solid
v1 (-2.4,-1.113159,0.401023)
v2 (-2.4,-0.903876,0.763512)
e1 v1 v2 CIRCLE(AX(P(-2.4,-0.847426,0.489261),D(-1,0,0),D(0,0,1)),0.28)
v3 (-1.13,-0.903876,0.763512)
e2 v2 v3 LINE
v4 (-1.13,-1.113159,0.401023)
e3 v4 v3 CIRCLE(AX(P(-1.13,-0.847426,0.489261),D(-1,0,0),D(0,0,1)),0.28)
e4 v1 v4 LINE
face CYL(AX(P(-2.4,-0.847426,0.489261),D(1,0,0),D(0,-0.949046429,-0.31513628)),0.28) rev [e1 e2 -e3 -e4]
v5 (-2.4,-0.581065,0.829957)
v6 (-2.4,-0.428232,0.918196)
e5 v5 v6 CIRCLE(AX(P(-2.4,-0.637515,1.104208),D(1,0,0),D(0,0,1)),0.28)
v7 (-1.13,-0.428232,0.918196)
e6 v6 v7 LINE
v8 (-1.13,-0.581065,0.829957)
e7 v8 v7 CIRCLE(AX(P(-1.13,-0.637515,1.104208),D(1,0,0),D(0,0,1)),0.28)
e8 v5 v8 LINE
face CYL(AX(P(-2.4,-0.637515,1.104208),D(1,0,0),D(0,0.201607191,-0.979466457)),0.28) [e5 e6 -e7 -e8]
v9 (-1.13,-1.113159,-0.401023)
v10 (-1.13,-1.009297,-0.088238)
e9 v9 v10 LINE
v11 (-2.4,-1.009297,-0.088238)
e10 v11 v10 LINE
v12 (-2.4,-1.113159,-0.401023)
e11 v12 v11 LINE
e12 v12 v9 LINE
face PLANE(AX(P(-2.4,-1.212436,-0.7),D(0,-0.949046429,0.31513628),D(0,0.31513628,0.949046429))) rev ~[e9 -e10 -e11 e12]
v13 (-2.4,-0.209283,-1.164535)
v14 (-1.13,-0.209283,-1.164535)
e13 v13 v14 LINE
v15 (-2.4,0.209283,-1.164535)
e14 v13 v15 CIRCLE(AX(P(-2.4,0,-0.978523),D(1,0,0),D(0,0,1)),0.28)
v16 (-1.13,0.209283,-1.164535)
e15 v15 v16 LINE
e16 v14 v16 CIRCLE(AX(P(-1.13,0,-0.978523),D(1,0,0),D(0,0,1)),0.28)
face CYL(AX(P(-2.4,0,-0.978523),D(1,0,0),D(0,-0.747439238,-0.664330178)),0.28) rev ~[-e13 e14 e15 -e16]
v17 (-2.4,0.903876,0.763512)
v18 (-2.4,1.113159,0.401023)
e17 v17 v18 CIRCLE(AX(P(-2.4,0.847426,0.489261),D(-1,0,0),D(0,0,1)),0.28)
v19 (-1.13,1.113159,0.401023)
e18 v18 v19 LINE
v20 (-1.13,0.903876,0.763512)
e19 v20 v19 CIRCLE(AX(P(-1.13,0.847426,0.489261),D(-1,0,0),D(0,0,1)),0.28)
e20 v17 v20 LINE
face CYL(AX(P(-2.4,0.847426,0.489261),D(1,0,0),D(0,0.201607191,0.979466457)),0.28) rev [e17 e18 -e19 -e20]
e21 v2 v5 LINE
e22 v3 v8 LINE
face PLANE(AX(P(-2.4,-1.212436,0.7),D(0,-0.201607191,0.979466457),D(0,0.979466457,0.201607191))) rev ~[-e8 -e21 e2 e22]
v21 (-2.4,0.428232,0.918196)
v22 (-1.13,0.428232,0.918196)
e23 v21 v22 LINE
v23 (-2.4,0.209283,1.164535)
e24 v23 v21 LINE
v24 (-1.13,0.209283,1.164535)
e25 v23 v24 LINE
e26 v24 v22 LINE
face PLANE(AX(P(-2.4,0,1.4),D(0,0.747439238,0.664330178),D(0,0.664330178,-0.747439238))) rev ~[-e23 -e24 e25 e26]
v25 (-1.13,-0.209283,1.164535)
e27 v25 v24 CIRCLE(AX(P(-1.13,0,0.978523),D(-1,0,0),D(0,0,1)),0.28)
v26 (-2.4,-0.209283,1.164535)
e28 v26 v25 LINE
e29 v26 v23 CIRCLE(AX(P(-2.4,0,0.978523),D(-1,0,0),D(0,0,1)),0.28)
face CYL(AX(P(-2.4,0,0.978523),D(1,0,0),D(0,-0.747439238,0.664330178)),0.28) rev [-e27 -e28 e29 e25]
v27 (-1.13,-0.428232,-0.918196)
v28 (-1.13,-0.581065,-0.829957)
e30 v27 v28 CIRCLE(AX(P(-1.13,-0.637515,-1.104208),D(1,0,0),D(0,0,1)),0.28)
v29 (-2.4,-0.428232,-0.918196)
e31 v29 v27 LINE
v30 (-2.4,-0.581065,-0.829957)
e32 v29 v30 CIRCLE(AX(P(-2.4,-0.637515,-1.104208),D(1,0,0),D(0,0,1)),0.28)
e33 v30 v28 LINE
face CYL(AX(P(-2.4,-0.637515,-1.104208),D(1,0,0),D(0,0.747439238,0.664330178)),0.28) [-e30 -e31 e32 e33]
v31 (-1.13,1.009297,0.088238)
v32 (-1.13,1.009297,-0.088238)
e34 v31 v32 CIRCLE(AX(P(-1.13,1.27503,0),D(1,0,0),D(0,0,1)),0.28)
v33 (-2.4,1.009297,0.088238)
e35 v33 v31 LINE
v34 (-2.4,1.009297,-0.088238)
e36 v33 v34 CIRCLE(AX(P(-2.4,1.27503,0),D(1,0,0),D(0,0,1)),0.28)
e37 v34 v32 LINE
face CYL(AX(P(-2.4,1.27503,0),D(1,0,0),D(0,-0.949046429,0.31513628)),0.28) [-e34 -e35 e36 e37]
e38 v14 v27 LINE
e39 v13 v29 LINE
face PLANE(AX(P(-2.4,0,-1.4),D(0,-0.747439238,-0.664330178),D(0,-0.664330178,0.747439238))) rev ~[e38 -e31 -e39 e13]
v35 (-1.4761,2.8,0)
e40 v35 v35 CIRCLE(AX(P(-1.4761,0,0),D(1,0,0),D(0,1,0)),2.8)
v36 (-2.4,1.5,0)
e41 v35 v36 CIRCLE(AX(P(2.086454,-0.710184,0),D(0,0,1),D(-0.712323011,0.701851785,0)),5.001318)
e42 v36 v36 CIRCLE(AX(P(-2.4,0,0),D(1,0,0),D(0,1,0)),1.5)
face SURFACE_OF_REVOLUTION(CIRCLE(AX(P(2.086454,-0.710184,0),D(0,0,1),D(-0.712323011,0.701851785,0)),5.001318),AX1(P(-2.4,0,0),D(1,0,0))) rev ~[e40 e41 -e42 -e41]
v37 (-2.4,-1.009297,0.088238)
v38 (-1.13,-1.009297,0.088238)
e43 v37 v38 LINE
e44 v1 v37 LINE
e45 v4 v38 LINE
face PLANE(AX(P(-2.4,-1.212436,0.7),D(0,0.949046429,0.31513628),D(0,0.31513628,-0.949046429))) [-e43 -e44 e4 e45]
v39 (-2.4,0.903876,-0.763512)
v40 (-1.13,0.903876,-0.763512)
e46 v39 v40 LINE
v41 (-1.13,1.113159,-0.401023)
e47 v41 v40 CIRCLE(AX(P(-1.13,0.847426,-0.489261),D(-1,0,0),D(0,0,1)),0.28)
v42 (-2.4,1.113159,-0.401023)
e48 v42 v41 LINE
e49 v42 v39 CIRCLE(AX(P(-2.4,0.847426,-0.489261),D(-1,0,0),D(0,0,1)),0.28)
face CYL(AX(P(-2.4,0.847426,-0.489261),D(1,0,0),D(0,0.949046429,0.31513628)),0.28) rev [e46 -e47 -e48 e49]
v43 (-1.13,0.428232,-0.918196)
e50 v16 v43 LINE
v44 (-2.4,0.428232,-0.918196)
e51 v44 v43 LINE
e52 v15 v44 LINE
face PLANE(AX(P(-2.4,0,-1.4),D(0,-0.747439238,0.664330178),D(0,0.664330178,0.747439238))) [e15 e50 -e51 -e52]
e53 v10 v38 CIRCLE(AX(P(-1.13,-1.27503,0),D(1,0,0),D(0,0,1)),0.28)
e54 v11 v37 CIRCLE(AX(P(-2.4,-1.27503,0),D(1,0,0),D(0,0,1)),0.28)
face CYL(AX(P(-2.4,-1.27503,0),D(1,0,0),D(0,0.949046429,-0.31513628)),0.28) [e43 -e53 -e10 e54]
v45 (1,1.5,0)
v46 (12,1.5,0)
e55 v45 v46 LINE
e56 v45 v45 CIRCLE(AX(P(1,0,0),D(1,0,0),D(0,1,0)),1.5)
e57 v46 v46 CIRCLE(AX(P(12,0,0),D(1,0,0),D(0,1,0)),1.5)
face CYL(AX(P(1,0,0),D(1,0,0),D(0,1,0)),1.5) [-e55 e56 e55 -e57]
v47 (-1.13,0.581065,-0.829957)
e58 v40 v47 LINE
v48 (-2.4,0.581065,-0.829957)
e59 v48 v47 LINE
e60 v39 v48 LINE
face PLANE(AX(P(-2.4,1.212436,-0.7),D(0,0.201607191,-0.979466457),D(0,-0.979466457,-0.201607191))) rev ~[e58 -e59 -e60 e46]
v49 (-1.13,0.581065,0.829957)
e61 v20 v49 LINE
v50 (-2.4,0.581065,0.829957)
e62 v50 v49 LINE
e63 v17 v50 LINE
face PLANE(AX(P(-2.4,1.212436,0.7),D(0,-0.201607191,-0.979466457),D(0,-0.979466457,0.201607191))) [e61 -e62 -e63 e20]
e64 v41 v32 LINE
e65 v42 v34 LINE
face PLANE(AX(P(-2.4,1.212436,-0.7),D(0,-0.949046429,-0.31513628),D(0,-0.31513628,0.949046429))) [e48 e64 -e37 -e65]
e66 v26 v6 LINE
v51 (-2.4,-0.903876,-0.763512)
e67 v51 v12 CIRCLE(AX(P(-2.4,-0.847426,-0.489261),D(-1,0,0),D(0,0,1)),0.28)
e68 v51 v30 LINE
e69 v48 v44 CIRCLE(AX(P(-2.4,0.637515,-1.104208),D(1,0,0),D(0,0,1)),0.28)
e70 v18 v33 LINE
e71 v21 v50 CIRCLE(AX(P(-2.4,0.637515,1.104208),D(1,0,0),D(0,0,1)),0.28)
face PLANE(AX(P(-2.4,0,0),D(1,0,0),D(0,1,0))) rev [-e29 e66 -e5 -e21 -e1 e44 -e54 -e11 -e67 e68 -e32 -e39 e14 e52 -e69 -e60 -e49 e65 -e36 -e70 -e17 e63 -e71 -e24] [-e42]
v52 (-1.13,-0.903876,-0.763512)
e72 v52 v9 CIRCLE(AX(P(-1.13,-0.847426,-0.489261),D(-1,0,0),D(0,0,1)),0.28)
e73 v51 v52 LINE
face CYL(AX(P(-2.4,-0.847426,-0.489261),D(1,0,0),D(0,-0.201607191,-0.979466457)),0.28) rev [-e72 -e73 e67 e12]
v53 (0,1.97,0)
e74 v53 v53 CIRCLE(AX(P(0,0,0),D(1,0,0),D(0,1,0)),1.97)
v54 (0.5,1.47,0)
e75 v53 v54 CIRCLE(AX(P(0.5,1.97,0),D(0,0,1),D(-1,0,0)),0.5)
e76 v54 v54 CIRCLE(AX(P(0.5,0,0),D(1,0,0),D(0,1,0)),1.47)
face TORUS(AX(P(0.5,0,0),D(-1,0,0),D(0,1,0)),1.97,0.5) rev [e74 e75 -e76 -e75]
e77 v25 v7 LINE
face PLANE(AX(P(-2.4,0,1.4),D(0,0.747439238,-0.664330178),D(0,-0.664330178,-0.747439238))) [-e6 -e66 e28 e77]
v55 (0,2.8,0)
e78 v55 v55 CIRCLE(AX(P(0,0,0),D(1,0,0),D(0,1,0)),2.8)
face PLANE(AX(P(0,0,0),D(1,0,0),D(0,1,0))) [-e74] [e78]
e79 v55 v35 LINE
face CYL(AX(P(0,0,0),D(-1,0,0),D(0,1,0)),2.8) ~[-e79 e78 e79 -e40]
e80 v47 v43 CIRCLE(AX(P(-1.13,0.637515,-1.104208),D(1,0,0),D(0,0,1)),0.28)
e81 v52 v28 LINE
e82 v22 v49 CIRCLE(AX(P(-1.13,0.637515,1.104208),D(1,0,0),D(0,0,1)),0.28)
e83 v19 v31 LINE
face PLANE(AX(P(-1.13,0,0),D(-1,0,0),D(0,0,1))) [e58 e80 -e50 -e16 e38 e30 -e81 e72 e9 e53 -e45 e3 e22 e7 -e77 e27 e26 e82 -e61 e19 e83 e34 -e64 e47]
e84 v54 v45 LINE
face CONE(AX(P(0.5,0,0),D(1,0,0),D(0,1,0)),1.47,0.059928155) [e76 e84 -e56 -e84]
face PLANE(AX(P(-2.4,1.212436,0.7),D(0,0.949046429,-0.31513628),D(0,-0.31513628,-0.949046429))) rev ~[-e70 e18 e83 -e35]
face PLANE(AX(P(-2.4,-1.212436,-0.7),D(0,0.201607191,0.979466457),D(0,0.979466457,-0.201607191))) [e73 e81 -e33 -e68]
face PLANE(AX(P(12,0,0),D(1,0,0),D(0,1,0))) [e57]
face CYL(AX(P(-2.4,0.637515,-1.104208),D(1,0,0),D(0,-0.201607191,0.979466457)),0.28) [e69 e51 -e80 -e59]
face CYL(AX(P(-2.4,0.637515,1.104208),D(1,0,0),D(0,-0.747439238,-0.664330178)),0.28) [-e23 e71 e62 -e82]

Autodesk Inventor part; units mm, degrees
ref_plane "YZ Plane" through (0, 0, 0) normal (1, 0, 0) x (0, 1, 0)
ref_plane "XZ Plane" through (0, 0, 0) normal (0, 1, 0) x (-1, 0, 0)
ref_plane "XY Plane" through (0, 0, 0) normal (0, 0, 1) x (1, 0, 0)
sketch "Sketch4" plane through (0, 0, 0) normal (0, 0, 1) x (1, 0, 0)
  line L0 (-2.4, 0) -> (12, 0)
  line L1 (0, 0) -> (-2.4, 0)
  line L2 (0, 2.8) -> (0, 1.97)
  line L3 (0.5, 1.47) -> (0.5, 1.47)
  line L4 (0.5, 1.47) -> (1, 1.5)
  arc A0 (0, 1.97) -> (0.5, 1.47) centre (0.5, 1.97) ccw
  line L5 (-2.4, 0) -> (-2.4, 1.5)
  line L6 (0, 2.8) -> (-1.4761, 2.8)
  arc A1 (-1.4761, 2.8) -> (-2.4, 1.5) centre (2.0854, -0.7093) ccw
  line L7 (1, 1.5) -> (12, 1.5)
  line L8 (12, 1.5) -> (12, 0)
  point P0 (0, 1.47)
  dimension "d71" = 0.5
  dimension "d72" = 12
  dimension "d74" = 0.5
  dimension "d75" = 2.94
  dimension "d78" = 3
  dimension "d82" = 5
  dimension "d83" = 2.4
  dimension "d84" = 5.6
  dimension "d104" = 11
  dimension "d105" = 3
revolve "Revolution7" add sketch "Sketch4" angle 360 about axis through (-2.4, 0, 0) along (1, 0, 0)
sketch "Sketch5" plane through (-2.4, 0, 0) normal (-1, 0, 0) x (0, 0, 1)
  circle A0 centre (0, 0) radius 1.4 construction
  circle A1 centre (0, 0) radius 0.98 construction
  line L0 (0, 0) -> (-0.8487, 0.49)
  line L1 (0, 0) -> (-0.8487, -0.49)
  line L2 (-1.8008, 0) -> (1.7887, 0)
  line L3 (-1.4, 0) -> (-0.8487, -0.49)
  line L4 (-1.4, 0) -> (-0.8487, 0.49)
  point P0 (0, 0)
  dimension "d88" = 2.8
  dimension "d89" = 1.96
  dimension "d90" = 30
  dimension "d91" = 30
extrude "Extrusion1" cut sketch "Sketch5" against normal blind 1.27
pattern_circular "Circular Pattern1" count 6 over 360 about axis through (-10, 0, 0) along (1, 0, 0) of "Extrusion1"
fillet "Fillet1" radius 0.28 12 edges at (-1.765, -1.2124, -0.7) (-1.765, -0.49, -0.8487) (-1.765, -0.98, 0) (-1.765, -1.2124, 0.7) (-1.765, -0.49, 0.8487) (-1.765, 0, 1.4) (-1.765, 0.98, 0) (-1.765, 1.2124, 0.7) (-1.765, 0.49, 0.8487) (-1.765, 0.49, -0.8487) (-1.765, 0, -1.4) (-1.765, 1.2124, -0.7)
thread "Thread7" size "M3x0.5" class "6g" standard "ISO Metric profile" length 11
equation "\"a\" = 1"
equation "\"b\" = 11"
equation "\"dk\" = 5.6"
equation "\"k\" = 2.4"
equation "\"r\" = 0.5"
equation "\"rf\" = 5"
equation "\"x\" = 0.5"
equation "\"A_\" = 2.8"
equation "\"t\" = 1.27"
equation "\"p\" = 0.5"
equation "\"l_\" = 12"
equation "\"d\" = 3"
equation "\"ds_\" = 2.94"
equation "\"lg\" = 0"
properties part number "Flachkopfschraube mit Innenrund ISO 14583 - M3 x 12 - 4.8" material "Stahl"
